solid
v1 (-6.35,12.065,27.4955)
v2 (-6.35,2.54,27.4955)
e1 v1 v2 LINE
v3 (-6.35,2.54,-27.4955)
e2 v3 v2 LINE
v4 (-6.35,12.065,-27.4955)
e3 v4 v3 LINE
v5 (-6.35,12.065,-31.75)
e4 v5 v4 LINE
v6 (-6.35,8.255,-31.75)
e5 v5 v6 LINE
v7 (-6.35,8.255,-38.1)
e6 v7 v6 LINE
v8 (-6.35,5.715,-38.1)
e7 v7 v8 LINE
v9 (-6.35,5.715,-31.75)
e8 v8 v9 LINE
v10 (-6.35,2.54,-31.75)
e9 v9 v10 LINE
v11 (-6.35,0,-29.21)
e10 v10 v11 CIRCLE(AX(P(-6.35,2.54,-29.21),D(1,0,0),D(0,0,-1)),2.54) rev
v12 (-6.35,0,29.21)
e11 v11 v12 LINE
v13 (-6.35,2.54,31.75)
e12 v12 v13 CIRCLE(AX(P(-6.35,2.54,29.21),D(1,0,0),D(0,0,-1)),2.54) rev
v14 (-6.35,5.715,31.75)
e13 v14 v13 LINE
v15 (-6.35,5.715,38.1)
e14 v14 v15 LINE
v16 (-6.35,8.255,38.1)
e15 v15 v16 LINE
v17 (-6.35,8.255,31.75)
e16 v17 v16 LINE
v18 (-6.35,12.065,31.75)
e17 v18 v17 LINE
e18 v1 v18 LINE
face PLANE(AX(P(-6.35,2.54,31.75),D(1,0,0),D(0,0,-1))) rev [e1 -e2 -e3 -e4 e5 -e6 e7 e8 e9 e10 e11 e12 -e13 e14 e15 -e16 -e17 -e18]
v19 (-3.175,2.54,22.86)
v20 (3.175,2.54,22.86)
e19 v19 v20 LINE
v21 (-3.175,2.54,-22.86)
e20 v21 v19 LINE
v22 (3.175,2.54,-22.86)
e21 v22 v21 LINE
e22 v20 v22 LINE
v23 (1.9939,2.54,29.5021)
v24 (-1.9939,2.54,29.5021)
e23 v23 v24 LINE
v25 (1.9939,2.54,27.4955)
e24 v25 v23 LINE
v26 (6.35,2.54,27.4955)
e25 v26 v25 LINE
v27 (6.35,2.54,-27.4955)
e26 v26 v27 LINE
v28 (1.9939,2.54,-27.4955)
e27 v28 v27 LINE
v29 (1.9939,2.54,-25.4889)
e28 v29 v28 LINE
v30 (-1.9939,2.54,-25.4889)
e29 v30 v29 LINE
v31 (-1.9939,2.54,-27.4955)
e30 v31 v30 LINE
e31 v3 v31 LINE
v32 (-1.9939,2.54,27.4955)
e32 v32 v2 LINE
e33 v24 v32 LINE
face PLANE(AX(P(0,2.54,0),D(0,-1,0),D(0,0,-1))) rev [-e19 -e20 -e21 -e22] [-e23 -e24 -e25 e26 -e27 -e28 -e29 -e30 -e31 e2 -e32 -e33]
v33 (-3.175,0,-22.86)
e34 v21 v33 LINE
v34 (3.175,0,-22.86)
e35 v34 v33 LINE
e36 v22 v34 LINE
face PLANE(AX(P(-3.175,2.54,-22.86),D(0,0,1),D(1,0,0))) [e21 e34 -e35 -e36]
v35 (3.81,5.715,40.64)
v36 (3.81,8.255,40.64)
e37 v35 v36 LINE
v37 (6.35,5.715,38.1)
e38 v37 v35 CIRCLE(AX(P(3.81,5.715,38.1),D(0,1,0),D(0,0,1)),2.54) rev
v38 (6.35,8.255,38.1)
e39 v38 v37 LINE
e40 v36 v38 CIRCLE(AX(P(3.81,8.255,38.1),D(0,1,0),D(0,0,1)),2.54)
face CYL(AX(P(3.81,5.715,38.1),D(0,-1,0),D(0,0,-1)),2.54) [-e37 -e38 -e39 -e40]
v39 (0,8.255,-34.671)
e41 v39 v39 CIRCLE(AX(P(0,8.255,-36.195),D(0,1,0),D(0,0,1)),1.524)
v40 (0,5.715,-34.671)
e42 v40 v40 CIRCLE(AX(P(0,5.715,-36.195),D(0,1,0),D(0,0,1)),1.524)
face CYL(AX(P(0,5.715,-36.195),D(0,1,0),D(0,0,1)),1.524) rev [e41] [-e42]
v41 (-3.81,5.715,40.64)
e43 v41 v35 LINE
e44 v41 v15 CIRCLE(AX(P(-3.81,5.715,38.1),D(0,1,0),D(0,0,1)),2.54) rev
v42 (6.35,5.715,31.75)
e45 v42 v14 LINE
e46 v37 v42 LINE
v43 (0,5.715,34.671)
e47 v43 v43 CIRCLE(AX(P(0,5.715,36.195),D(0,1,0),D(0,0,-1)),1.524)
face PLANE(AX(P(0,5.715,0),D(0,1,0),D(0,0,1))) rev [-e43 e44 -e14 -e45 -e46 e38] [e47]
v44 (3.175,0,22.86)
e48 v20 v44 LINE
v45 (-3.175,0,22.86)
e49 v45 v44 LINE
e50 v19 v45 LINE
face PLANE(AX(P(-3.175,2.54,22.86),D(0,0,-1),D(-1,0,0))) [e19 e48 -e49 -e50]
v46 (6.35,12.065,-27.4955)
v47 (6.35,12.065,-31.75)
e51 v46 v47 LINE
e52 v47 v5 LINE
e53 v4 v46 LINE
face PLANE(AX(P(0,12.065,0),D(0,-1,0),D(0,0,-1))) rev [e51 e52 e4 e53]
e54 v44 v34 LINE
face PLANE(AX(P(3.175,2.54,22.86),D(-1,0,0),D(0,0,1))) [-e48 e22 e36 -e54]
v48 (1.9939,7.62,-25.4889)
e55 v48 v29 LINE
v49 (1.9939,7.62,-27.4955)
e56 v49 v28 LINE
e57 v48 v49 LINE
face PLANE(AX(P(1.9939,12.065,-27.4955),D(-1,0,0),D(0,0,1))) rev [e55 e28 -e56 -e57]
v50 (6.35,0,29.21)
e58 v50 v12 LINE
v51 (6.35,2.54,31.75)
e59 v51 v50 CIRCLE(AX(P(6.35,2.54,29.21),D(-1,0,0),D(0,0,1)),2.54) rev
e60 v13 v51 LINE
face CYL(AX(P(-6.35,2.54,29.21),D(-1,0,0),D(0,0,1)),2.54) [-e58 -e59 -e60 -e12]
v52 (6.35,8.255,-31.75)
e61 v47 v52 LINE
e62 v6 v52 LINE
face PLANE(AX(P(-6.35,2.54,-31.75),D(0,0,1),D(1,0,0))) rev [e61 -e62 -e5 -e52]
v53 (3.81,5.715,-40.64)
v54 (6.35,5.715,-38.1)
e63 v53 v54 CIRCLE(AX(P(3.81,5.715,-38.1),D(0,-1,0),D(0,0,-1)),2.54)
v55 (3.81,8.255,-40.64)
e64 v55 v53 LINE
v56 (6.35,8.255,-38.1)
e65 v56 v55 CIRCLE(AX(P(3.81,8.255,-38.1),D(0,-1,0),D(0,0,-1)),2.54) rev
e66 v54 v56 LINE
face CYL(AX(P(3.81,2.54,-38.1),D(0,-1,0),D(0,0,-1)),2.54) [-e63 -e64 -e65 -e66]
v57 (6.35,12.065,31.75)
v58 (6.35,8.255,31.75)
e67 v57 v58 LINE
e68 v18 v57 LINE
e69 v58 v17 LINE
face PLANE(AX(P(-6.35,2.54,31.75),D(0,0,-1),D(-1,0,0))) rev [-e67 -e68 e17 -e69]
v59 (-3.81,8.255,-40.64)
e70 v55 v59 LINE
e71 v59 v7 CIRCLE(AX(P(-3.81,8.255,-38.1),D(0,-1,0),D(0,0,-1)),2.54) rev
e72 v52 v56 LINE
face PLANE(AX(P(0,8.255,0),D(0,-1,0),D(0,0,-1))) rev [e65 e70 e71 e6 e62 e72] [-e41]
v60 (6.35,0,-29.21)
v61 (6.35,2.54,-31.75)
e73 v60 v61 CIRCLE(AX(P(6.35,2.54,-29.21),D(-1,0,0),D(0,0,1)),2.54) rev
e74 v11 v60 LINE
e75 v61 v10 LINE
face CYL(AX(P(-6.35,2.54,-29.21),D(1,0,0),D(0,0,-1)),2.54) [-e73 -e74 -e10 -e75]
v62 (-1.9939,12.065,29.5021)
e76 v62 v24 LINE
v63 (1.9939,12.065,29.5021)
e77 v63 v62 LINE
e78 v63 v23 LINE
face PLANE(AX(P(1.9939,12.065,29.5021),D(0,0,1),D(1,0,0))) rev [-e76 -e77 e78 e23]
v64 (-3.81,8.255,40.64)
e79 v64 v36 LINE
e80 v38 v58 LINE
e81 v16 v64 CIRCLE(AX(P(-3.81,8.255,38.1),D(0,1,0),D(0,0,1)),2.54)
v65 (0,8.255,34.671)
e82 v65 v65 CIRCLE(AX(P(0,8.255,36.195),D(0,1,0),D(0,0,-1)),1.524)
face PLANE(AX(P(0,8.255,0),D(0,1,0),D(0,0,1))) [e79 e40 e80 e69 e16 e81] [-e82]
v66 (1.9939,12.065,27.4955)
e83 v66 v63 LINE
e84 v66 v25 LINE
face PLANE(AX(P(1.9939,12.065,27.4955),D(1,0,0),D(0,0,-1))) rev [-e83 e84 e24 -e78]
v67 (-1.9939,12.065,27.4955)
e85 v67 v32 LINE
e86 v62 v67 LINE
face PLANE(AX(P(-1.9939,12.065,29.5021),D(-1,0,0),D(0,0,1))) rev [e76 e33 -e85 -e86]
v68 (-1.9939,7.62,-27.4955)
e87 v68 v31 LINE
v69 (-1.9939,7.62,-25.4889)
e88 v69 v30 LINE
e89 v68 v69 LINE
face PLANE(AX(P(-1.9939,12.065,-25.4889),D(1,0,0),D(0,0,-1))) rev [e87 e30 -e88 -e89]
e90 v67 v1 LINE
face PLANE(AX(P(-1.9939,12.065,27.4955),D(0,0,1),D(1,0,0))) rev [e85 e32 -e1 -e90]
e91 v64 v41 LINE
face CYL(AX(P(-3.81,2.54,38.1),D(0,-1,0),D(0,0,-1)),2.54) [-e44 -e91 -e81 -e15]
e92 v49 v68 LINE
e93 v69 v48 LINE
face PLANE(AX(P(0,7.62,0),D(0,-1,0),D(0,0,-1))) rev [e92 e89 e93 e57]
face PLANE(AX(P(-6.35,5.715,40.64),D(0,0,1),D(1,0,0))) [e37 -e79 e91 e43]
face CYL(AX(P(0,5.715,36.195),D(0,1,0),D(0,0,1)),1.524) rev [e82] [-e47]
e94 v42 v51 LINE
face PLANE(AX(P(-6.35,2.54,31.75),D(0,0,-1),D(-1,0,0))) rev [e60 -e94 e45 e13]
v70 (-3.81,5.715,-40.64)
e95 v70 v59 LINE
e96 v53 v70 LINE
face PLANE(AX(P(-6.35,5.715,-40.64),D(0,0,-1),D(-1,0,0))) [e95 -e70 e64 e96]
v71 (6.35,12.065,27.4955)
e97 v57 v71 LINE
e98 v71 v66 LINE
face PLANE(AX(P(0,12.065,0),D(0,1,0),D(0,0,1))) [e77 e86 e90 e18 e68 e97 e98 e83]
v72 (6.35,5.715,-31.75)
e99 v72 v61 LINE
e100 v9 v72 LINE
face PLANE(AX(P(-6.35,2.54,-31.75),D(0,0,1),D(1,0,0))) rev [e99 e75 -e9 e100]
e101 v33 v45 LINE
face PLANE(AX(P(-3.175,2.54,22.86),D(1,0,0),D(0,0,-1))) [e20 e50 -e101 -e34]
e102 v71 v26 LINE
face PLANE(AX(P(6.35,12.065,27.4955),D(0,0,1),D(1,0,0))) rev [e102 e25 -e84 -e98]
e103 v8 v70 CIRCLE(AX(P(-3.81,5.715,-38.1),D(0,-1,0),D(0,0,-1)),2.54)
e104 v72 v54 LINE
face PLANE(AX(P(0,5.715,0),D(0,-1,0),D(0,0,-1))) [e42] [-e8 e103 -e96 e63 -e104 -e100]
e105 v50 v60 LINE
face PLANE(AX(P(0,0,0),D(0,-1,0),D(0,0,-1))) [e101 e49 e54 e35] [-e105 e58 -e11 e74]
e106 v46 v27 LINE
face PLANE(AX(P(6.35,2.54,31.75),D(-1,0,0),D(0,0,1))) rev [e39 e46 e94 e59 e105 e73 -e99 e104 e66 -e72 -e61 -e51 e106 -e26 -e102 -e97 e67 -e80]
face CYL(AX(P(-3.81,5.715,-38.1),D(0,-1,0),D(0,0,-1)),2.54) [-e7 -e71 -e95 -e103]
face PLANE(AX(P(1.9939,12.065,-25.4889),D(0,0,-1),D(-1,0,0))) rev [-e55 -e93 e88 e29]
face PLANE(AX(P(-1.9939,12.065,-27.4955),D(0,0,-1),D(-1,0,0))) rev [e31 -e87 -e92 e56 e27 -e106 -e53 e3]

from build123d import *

# Parameters (mm, degrees)
SKETCH1_W           = 12.7
SKETCH1_H           = 63.5
SKETCH1_W_2         = 6.35
SKETCH1_H_2         = 45.72
BOSS_EXTRUDE1_DEPTH = 2.54
BOSS_EXTRUDE2_DEPTH = 9.525
SKETCH5_W           = 3.9878
SKETCH5_H           = 2.0066
CUT_EXTRUDE1_DEPTH  = 4.445
SKETCH7_W           = 12.7
SKETCH7_H           = 8.89
SKETCH7_R           = 1.524
BOSS_EXTRUDE4_DEPTH = 2.54
FILLET1_R           = 2.54


with BuildPart() as part:
    # Sketch1 → Boss-Extrude1 (new body)
    with BuildSketch(Plane(origin=(0, 0, 0), x_dir=(1, 0, 0), z_dir=(0, 1, 0))):
        Rectangle(SKETCH1_W, SKETCH1_H)
        Rectangle(SKETCH1_W_2, SKETCH1_H_2, mode=Mode.SUBTRACT)
    extrude(amount=BOSS_EXTRUDE1_DEPTH)

    # Sketch2 → Boss-Extrude2 (add)
    with BuildSketch(Plane(origin=(0, 2.54, 0), x_dir=(1, 0, 0), z_dir=(0, 1, 0))):
        Polygon((-6.35, 31.75), (6.35, 31.75), (6.35, 27.4955), (1.9939, 27.4955), (1.9939, 25.4889), (-1.9939, 25.4889), (-1.9939, 27.4955), (-6.35, 27.4955), align=None)
        Polygon((-6.35, -27.4955), (-6.35, -31.75), (6.35, -31.75), (6.35, -27.4955), (1.9939, -27.4955), (1.9939, -29.5021), (-1.9939, -29.5021), (-1.9939, -27.4955), align=None)
    extrude(amount=BOSS_EXTRUDE2_DEPTH)

    # Sketch5 → Cut-Extrude1 (cut)
    with BuildSketch(Plane(origin=(0, 12.065, 0), x_dir=(1, 0, 0), z_dir=(0, 1, 0))):
        with Locations((0, 26.4922)):
            Rectangle(SKETCH5_W, SKETCH5_H)
    extrude(amount=-CUT_EXTRUDE1_DEPTH, mode=Mode.SUBTRACT)

    # Sketch7 → Boss-Extrude4 (add)
    with BuildSketch(Plane(origin=(0, 8.255, 0), x_dir=(1, 0, 0), z_dir=(0, 1, 0))):
        with Locations((0, 36.195)):
            Rectangle(SKETCH7_W, SKETCH7_H)
        with Locations((0, 36.195)):
            Circle(SKETCH7_R, mode=Mode.SUBTRACT)
        with Locations((0, -36.195)):
            Rectangle(SKETCH7_W, SKETCH7_H)
        with Locations((0, -36.195)):
            Circle(SKETCH7_R, mode=Mode.SUBTRACT)
    extrude(amount=-BOSS_EXTRUDE4_DEPTH)

    # Fillet1
    fillet1_edges = [part.edges().sort_by_distance(p)[0] for p in [
        (6.35, 6.985, 40.64),
        (-6.35, 6.985, 40.64),
        (0, 0, 31.75),
        (0, 0, -31.75),
        (6.35, 6.985, -40.64),
        (-6.35, 6.985, -40.64),
    ]]
    fillet(fillet1_edges, radius=FILLET1_R)


solid = part.part
